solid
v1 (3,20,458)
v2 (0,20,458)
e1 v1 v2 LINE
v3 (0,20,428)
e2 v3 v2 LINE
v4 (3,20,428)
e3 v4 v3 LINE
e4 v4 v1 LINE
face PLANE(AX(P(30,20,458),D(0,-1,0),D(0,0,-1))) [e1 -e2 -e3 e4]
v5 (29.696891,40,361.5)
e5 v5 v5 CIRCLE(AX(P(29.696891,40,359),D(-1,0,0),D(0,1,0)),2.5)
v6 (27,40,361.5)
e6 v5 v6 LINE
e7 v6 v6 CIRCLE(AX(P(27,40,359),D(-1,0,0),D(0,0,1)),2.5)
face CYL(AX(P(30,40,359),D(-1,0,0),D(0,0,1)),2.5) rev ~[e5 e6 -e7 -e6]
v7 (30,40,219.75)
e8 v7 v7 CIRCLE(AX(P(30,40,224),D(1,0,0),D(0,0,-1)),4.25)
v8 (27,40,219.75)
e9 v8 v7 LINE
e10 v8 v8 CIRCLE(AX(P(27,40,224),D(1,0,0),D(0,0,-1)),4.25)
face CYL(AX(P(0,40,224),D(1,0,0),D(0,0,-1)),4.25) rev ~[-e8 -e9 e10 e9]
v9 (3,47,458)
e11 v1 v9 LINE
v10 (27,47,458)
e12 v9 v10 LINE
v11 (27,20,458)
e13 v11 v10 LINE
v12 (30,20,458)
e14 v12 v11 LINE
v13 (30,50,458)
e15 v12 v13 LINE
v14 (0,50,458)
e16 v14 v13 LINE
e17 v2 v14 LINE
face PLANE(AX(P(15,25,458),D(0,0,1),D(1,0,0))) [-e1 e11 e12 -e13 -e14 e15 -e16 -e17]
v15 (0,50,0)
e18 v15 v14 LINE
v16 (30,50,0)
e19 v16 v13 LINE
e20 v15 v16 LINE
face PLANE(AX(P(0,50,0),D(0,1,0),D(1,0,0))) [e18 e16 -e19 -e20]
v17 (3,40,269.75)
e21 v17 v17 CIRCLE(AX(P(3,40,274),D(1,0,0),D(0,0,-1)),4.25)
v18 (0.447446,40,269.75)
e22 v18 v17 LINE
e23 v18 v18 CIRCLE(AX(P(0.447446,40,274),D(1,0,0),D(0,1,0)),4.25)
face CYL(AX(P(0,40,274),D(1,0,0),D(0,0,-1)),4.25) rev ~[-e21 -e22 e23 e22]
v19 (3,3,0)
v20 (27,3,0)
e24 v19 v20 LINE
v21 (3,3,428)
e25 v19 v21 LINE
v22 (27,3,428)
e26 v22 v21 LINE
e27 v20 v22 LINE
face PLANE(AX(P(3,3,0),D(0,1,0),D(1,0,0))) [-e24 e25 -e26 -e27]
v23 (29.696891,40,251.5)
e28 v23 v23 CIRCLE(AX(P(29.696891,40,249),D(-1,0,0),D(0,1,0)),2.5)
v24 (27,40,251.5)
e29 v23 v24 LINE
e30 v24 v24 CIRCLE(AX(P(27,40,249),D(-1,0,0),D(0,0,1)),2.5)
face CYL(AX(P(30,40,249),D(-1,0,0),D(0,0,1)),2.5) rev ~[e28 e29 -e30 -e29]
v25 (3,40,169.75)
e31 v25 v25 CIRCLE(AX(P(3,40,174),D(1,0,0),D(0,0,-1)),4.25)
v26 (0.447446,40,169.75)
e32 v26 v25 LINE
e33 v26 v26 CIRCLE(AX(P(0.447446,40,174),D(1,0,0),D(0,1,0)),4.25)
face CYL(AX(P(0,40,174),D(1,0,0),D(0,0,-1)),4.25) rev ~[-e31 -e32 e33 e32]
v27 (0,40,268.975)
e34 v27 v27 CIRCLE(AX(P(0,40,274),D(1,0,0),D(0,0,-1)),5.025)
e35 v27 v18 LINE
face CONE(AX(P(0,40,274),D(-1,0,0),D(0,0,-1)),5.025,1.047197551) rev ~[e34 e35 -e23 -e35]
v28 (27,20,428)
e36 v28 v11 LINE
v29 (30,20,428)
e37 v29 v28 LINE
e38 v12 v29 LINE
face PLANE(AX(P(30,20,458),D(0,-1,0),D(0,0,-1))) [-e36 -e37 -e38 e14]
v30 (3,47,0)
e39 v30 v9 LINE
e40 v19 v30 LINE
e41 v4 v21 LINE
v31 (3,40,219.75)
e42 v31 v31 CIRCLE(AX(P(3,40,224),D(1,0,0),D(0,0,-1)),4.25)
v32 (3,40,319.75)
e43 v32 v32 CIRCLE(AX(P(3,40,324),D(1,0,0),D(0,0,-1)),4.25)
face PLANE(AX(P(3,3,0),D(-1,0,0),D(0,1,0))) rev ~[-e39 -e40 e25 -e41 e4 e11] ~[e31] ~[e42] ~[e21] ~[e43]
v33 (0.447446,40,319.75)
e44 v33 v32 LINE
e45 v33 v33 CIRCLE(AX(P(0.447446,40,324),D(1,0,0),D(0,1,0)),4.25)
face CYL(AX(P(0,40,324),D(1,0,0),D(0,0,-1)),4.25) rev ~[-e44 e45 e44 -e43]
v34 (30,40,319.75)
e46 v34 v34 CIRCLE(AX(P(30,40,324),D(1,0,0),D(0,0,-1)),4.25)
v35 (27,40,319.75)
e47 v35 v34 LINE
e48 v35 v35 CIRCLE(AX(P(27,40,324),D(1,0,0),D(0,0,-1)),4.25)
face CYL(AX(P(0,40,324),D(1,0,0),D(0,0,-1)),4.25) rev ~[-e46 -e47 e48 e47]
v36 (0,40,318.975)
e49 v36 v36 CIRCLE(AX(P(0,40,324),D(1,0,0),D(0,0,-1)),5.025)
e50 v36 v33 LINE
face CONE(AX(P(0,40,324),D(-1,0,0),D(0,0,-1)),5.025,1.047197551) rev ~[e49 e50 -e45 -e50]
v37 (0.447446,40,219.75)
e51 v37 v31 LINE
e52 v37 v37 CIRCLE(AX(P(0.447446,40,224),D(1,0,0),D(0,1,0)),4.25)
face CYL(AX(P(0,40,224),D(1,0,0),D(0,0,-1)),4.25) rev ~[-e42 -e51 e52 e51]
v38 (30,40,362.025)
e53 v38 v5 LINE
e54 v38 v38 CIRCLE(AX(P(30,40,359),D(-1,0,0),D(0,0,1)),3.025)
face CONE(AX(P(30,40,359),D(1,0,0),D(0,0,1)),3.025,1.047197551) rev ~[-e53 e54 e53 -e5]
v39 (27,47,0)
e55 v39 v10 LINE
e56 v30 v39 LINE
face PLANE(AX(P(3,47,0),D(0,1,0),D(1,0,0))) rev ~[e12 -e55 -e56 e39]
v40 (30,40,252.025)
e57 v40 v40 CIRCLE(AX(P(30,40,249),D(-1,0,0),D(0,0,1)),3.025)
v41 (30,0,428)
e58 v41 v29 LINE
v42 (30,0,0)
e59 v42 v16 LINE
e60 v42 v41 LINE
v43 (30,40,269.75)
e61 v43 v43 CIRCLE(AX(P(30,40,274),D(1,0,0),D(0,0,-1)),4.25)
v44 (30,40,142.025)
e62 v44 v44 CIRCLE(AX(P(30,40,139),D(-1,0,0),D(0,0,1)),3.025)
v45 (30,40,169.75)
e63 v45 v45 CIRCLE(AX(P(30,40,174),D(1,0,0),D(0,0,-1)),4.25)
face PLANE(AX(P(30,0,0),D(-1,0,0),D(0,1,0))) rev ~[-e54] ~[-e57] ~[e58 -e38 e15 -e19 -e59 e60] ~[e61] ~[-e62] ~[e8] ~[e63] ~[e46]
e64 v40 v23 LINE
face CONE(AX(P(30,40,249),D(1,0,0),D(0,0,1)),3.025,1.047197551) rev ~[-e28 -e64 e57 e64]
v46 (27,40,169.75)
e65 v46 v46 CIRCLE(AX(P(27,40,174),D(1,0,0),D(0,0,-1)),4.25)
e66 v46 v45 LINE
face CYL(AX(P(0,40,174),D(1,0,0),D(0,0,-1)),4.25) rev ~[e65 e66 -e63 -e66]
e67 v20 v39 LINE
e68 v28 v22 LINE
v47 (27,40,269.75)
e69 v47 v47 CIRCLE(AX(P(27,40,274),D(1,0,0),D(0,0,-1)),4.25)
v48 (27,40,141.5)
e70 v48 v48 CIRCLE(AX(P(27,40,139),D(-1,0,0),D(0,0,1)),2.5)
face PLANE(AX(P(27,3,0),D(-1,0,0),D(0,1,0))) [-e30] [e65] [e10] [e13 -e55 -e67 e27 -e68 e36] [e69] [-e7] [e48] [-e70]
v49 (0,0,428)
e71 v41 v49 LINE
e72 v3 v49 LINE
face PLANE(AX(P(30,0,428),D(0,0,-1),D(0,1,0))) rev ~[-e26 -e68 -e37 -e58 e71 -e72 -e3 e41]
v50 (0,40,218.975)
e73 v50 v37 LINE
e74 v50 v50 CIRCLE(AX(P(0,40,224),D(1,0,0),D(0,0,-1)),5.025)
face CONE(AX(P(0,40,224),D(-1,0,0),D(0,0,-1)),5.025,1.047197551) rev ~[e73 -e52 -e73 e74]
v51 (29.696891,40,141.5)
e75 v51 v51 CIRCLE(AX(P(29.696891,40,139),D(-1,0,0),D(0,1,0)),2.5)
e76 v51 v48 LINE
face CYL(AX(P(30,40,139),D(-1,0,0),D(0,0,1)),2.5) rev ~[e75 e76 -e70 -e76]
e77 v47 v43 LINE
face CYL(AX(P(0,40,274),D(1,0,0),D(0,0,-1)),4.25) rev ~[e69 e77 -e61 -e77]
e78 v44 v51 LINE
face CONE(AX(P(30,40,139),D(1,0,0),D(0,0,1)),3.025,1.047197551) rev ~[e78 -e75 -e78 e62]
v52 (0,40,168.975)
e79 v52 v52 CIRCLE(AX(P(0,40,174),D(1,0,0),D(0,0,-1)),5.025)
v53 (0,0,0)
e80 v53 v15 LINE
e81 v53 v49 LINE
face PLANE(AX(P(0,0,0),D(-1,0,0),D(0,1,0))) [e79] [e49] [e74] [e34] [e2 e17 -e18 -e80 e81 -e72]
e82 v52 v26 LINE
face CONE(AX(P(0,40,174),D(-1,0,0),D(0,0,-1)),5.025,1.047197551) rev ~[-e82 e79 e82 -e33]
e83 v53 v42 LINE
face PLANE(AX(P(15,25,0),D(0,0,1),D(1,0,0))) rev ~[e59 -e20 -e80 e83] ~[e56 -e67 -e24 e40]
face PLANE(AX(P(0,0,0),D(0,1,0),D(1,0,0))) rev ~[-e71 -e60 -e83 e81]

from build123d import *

# Parameters (mm, degrees)
SKETCH_1_W                   = 30
SKETCH_1_H                   = 50
SKETCH_1_W_2                 = 24
SKETCH_1_H_2                 = 44
EXTRUDE_1_DEPTH              = 458
SKETCH_2_W                   = 30
SKETCH_2_H                   = 20
CUT_EXTRUDE_1_DEPTH          = 462.696870251
HOLE_WIZARD_M61_D            = 5
HOLE_WIZARD_M61_DEPTH        = 17
HOLE_WIZARD_M61_CSINK_D      = 6.05
HOLE_WIZARD_M61_CSINK_ANGLE  = 120
HOLE_WIZARD_M61_TIP          = 1.502151548
HOLE_WIZARD_M101_D           = 8.5
HOLE_WIZARD_M101_DEPTH       = 47.5
HOLE_WIZARD_M101_CSINK_D     = 10.05
HOLE_WIZARD_M101_CSINK_ANGLE = 120
HOLE_WIZARD_M101_TIP         = 2.553657631


with BuildPart() as part:
    # Эскиз1 → Вытянуть-Тонкостенный1 (new body)
    with BuildSketch(Plane.XY):
        with Locations((15, 25)):
            Rectangle(SKETCH_1_W, SKETCH_1_H)
        with Locations((15, 25)):
            Rectangle(SKETCH_1_W_2, SKETCH_1_H_2, mode=Mode.SUBTRACT)
    extrude(amount=EXTRUDE_1_DEPTH)

    # Эскиз2 → Вырез-Вытянуть1 (cut, through all)
    with BuildSketch(Plane(origin=(30, 0, 0), x_dir=(0, 0, -1), z_dir=(1, 0, 0))):
        with Locations((-443, 10)):
            Rectangle(SKETCH_2_W, SKETCH_2_H)
    extrude(amount=-CUT_EXTRUDE_1_DEPTH, mode=Mode.SUBTRACT)

    # Отверстие обработанное метчиком M61
    with Locations(Plane(origin=(30, 0, 0), x_dir=(0, 0, -1), z_dir=(1, 0, 0))):
        with Locations((-249, 40), (-359, 40), (-139, 40)):
            CounterSinkHole(HOLE_WIZARD_M61_D / 2, HOLE_WIZARD_M61_CSINK_D / 2, depth=HOLE_WIZARD_M61_DEPTH, counter_sink_angle=HOLE_WIZARD_M61_CSINK_ANGLE)
            with Locations((0, 0, -(HOLE_WIZARD_M61_DEPTH + HOLE_WIZARD_M61_TIP / 2))):  # 118° drill point
                Cone(0, HOLE_WIZARD_M61_D / 2, HOLE_WIZARD_M61_TIP, mode=Mode.SUBTRACT)

    # Отверстие обработанное метчиком M101
    with Locations(Plane.ZY):
        with Locations((224, 40), (174, 40), (324, 40), (274, 40)):
            CounterSinkHole(HOLE_WIZARD_M101_D / 2, HOLE_WIZARD_M101_CSINK_D / 2, depth=HOLE_WIZARD_M101_DEPTH, counter_sink_angle=HOLE_WIZARD_M101_CSINK_ANGLE)
            with Locations((0, 0, -(HOLE_WIZARD_M101_DEPTH + HOLE_WIZARD_M101_TIP / 2))):  # 118° drill point
                Cone(0, HOLE_WIZARD_M101_D / 2, HOLE_WIZARD_M101_TIP, mode=Mode.SUBTRACT)


solid = part.part
